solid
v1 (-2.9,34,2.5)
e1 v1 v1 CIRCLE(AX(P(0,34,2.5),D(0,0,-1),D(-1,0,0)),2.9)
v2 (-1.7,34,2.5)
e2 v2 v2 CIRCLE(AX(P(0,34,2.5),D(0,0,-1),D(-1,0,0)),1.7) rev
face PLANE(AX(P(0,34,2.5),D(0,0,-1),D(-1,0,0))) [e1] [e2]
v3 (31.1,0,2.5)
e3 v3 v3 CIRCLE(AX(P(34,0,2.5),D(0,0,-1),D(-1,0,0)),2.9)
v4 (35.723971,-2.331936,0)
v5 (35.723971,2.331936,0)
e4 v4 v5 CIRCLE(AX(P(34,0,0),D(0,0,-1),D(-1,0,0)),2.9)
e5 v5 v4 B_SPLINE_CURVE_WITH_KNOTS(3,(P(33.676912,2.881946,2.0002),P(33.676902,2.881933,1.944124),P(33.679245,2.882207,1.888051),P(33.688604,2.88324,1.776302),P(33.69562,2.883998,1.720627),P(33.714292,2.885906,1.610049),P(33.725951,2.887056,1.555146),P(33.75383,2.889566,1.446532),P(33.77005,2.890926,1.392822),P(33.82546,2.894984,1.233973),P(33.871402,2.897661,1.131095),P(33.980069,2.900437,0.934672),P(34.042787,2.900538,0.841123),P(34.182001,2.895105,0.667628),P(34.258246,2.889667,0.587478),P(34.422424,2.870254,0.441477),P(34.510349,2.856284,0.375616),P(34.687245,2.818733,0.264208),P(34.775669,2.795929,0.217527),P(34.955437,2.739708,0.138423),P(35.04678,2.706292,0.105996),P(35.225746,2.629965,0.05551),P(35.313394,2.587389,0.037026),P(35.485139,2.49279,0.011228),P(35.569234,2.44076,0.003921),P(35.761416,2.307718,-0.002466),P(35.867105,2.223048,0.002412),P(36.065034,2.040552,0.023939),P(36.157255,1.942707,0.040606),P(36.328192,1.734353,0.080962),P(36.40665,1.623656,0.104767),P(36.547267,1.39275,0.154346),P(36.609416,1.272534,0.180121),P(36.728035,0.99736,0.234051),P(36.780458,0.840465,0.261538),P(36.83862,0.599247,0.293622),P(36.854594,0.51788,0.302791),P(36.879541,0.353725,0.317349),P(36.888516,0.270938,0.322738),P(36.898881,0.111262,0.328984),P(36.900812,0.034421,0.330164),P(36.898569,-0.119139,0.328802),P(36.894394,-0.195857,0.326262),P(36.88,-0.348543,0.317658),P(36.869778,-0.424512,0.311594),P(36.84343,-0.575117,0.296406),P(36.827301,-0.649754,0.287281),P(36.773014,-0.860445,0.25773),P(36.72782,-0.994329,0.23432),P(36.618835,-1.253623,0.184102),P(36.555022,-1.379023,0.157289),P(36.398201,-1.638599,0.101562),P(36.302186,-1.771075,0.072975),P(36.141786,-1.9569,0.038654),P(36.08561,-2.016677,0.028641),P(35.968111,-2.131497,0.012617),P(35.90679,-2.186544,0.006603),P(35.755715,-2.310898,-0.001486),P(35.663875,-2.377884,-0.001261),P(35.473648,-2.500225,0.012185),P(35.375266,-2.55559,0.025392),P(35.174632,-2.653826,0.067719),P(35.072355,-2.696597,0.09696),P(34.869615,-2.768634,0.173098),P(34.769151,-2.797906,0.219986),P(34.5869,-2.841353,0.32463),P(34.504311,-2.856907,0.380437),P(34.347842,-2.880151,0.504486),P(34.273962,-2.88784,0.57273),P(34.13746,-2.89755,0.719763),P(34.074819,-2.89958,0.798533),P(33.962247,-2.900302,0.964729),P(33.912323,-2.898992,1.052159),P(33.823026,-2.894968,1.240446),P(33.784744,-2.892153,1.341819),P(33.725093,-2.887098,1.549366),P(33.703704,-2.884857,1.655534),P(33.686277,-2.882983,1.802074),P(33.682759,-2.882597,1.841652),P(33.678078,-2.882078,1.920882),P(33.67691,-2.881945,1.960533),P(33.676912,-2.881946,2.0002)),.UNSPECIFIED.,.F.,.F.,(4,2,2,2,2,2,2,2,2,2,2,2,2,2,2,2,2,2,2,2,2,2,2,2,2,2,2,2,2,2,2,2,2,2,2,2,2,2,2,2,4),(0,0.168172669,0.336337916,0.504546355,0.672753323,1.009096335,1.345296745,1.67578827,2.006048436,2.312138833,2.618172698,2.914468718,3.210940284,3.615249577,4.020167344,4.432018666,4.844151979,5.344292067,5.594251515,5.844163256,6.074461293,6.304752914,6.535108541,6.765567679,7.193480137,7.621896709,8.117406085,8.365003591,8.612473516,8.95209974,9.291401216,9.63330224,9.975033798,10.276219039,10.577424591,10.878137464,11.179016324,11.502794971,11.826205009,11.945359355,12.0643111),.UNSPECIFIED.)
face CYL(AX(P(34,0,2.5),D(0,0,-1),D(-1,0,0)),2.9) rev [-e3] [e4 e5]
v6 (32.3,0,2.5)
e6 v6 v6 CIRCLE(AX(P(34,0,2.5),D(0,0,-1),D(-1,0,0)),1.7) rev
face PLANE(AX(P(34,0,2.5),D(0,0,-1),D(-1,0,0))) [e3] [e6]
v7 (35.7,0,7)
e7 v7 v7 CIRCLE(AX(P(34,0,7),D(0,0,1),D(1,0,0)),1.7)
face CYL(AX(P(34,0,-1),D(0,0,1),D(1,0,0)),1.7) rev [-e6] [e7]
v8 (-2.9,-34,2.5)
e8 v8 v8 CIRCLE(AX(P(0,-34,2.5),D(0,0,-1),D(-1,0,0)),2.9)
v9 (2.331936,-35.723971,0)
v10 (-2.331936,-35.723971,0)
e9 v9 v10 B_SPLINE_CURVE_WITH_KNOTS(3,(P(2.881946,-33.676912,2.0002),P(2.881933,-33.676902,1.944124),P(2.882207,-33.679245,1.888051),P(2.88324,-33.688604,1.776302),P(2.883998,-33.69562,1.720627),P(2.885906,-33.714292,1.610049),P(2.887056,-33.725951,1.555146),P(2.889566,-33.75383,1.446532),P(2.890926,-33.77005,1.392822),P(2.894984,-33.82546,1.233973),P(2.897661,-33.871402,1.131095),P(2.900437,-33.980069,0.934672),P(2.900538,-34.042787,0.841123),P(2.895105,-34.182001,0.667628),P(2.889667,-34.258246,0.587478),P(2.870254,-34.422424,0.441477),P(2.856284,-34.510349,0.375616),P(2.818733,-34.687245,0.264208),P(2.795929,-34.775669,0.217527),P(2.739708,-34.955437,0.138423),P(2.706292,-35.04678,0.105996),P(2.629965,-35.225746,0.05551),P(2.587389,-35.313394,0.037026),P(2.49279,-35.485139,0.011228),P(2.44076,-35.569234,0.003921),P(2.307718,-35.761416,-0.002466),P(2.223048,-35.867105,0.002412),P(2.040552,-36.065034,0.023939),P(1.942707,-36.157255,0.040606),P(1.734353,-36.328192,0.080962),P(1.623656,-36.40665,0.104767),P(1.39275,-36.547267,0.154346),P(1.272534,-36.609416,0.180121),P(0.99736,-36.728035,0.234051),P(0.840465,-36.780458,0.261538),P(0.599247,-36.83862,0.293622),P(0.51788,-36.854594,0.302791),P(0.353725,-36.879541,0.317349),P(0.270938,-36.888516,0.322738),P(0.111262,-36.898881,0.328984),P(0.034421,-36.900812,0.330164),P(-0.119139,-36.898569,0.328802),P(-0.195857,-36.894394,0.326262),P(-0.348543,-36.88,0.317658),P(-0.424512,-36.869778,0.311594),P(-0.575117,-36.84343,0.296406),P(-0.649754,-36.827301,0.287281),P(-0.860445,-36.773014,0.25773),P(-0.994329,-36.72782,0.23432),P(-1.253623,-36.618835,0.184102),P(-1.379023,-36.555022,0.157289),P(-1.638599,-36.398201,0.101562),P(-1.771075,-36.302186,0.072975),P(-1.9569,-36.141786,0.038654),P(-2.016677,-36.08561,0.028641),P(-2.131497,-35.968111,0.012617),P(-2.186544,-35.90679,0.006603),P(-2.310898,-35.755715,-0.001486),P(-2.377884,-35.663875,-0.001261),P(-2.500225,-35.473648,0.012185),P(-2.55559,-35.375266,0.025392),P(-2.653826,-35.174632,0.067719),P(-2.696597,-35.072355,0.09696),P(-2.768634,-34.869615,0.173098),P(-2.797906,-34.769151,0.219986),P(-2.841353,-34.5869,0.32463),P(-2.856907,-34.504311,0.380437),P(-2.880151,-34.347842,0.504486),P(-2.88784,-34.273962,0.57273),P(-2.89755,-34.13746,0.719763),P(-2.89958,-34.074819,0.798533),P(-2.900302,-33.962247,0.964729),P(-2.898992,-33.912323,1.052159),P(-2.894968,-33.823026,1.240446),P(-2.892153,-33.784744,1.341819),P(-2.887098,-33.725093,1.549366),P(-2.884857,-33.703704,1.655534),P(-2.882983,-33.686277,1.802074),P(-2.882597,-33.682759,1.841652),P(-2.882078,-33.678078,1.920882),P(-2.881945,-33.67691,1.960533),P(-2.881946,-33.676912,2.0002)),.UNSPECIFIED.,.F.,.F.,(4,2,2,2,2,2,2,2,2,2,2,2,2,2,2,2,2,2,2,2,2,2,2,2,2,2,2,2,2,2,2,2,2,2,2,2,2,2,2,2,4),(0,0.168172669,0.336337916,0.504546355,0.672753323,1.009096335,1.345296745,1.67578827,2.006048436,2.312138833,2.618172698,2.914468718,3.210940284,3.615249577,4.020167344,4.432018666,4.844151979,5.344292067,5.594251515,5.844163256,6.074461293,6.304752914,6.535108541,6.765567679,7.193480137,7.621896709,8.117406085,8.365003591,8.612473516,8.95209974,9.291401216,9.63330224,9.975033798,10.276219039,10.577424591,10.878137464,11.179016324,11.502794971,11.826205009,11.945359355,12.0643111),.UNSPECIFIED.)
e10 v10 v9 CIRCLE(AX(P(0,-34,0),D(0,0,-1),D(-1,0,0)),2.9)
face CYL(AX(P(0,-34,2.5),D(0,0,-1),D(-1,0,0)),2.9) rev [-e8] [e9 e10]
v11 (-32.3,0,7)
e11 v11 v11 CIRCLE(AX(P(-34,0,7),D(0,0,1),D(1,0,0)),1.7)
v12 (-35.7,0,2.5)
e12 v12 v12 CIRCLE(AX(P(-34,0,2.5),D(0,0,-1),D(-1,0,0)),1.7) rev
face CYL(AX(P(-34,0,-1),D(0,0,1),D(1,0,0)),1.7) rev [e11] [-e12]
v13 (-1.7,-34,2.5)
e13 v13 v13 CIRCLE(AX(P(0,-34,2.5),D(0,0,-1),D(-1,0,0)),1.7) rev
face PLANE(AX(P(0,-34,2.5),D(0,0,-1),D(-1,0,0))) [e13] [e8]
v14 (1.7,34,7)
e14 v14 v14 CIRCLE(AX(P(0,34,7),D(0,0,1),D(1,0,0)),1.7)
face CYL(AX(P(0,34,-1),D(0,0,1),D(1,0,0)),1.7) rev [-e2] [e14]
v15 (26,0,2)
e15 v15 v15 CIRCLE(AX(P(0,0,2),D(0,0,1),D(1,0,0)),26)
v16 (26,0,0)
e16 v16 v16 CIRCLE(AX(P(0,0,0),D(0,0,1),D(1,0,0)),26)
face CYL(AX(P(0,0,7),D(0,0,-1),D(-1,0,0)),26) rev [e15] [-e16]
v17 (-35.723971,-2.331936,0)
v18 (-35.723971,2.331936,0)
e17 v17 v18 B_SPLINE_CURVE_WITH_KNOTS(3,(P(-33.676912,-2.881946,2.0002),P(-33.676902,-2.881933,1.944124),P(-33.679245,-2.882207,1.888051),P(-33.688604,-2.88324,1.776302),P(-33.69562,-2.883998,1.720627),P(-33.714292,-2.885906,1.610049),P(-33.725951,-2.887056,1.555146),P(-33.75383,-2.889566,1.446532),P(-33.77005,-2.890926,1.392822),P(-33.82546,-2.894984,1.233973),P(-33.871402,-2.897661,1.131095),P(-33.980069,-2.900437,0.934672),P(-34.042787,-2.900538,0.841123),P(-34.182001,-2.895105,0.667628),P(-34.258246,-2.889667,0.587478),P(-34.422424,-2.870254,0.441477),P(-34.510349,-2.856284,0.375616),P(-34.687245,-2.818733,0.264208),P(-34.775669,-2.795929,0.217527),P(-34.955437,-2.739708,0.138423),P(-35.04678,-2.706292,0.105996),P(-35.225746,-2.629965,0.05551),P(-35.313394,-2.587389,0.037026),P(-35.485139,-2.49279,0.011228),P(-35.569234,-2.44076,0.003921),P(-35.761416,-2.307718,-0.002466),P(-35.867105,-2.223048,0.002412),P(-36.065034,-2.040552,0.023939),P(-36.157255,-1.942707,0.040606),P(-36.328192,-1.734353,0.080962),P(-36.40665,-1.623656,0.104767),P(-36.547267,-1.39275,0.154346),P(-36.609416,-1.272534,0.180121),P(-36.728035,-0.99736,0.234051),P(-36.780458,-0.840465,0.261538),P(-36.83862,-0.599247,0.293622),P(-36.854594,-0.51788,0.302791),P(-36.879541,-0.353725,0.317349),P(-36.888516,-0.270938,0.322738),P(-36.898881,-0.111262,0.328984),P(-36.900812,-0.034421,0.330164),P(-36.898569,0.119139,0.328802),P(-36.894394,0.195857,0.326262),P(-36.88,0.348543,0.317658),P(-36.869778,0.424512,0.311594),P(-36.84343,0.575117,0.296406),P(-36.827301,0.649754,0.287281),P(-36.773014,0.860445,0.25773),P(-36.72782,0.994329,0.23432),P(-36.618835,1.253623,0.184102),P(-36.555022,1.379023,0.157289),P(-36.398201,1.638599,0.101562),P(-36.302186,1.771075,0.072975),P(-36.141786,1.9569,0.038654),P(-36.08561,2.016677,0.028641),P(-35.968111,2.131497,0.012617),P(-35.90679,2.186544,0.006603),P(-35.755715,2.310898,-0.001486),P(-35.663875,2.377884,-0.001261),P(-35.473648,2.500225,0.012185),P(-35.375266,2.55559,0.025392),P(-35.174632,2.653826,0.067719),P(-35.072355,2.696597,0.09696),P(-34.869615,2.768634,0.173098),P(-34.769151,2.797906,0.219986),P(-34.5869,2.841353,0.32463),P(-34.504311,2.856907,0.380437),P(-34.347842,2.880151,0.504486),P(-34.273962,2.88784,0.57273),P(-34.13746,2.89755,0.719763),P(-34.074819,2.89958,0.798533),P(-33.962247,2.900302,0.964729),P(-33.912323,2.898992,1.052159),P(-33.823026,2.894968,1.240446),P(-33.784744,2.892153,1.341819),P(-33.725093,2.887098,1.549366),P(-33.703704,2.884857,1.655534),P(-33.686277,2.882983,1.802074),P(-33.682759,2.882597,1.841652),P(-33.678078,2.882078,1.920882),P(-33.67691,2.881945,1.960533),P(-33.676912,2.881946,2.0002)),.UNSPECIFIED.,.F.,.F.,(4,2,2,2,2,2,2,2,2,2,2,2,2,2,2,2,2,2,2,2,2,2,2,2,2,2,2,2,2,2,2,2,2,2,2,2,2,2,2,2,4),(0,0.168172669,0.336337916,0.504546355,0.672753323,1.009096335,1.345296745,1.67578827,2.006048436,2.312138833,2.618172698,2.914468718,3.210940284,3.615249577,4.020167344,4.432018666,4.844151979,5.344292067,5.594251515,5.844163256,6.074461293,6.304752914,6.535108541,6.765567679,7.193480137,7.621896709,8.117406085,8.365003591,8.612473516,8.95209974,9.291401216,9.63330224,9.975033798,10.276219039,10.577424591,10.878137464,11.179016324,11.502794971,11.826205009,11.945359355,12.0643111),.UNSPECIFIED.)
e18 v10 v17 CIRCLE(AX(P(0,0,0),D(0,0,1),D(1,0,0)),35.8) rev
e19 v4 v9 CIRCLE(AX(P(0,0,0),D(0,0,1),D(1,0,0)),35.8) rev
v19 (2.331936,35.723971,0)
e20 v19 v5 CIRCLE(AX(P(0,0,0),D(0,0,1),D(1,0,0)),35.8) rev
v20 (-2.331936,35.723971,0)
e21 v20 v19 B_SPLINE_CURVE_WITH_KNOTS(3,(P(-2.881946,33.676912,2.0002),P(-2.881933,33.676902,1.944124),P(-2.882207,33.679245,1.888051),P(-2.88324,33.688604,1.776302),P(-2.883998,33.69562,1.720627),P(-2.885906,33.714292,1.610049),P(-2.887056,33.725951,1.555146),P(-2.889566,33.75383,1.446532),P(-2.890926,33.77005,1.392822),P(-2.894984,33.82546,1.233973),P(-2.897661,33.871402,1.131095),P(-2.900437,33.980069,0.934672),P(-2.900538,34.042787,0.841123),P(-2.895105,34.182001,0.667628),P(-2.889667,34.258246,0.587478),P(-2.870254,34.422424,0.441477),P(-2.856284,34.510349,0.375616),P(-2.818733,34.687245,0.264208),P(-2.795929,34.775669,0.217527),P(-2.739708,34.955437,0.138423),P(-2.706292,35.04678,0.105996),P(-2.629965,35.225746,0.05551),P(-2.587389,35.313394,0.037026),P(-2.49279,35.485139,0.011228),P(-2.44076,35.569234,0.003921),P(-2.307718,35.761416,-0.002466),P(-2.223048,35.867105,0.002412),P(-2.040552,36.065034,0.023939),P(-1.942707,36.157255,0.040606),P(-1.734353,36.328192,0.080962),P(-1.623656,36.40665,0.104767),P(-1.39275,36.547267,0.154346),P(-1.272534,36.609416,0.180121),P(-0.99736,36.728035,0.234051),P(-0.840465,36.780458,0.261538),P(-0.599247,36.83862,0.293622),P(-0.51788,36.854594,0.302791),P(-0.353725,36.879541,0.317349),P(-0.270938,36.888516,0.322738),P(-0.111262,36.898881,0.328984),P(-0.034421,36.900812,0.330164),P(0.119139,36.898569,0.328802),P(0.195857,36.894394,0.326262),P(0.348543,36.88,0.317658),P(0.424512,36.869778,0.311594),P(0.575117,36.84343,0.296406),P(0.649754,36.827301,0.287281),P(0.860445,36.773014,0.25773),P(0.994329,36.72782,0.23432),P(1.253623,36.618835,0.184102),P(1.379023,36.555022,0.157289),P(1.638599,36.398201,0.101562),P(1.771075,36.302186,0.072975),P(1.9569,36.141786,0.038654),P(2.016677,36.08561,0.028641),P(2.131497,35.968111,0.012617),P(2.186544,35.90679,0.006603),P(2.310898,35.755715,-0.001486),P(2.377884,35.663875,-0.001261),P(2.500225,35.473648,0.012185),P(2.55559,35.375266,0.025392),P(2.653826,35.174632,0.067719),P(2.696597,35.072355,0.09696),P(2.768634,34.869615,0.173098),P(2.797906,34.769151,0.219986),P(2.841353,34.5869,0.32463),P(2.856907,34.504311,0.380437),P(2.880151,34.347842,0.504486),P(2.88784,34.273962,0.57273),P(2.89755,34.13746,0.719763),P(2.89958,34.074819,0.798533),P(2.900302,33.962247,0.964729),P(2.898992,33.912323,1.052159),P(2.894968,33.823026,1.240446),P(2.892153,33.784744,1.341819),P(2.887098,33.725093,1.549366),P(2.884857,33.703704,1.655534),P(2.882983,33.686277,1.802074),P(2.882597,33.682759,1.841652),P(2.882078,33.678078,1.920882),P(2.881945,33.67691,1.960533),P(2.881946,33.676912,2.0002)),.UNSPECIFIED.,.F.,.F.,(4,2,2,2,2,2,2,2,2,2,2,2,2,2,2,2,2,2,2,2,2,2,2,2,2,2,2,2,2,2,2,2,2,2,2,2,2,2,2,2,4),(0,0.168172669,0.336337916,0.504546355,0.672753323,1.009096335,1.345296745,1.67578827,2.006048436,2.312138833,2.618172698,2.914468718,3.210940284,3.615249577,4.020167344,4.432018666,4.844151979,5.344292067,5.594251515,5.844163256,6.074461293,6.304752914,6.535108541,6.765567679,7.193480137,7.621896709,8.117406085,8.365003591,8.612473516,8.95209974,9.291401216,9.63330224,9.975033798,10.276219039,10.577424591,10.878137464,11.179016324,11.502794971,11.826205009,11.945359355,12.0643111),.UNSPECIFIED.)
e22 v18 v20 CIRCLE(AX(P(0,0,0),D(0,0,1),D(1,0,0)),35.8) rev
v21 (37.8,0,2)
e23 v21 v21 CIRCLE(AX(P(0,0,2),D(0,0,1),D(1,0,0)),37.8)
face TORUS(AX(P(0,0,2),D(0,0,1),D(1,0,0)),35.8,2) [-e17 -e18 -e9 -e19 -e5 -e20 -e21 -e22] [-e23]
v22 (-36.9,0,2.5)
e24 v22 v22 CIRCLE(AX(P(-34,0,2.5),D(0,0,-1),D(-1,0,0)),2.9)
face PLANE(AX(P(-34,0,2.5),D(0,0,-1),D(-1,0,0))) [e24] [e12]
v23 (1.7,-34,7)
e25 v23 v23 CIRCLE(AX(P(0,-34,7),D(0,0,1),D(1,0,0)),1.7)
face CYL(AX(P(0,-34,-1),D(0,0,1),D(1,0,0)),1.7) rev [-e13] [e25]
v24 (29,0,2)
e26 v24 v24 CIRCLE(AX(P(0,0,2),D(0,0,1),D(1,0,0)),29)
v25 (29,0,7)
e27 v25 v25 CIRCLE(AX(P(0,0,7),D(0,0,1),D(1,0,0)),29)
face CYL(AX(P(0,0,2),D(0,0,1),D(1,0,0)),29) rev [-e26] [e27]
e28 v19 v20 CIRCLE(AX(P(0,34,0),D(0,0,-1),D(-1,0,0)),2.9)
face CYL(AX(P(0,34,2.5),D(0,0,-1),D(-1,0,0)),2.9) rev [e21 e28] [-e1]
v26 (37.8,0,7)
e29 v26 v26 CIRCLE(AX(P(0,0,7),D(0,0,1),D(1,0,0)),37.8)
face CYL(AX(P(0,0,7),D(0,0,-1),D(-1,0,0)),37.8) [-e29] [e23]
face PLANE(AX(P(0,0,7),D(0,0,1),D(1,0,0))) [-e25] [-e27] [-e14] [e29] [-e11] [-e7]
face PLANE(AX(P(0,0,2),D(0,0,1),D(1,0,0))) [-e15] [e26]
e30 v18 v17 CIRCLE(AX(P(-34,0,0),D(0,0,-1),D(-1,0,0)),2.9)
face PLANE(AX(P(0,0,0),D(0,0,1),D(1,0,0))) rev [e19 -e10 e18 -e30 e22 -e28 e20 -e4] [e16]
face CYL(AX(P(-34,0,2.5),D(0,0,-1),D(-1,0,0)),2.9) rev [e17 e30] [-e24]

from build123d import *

# Parameters (mm, degrees)
SKETCH_1_R          = 37.8
SKETCH_1_R_2        = 26
EXTRUDE_1_DEPTH     = 7
SKETCH_2_R          = 29
CUT_EXTRUDE_1_DEPTH = 5
FILLET_1_R          = 2
SKETCH_3_R          = 1.7
CUT_EXTRUDE_2_DEPTH = 8
SKETCH_4_R          = 2.9
CUT_EXTRUDE_3_DEPTH = 2.5


with BuildPart() as part:
    # 草图1 → 凸台-拉伸1 (new body)
    with BuildSketch(Plane.XY):
        Circle(SKETCH_1_R)
        Circle(SKETCH_1_R_2, mode=Mode.SUBTRACT)
    extrude(amount=EXTRUDE_1_DEPTH)

    # 草图2 → 切除-拉伸1 (cut)
    with BuildSketch(Plane.XY.offset(7)):
        Circle(SKETCH_2_R)
    extrude(amount=-CUT_EXTRUDE_1_DEPTH, mode=Mode.SUBTRACT)

    # 圆角1
    fillet_1_edges = [part.edges().sort_by_distance(p)[0] for p in [
        (-37.8, 0, 0),
    ]]
    fillet(fillet_1_edges, radius=FILLET_1_R)

    # 草图3 → 切除-拉伸2 (cut)
    with BuildSketch(Plane.XY.offset(7)):
        with Locations((0, -34)):
            Circle(SKETCH_3_R)
        with Locations((-34, 0)):
            Circle(SKETCH_3_R)
        with Locations((0, 34)):
            Circle(SKETCH_3_R)
        with Locations((34, 0)):
            Circle(SKETCH_3_R)
    extrude(amount=-CUT_EXTRUDE_2_DEPTH, mode=Mode.SUBTRACT)

    # 草图4 → 切除-拉伸3 (cut)
    with BuildSketch(Plane(origin=(0, 0, 0), x_dir=(-1, 0, 0), z_dir=(0, 0, -1))):
        with Locations((-34, 0)):
            Circle(SKETCH_4_R)
        with Locations((0, 34)):
            Circle(SKETCH_4_R)
        with Locations((34, 0)):
            Circle(SKETCH_4_R)
        with Locations((0, -34)):
            Circle(SKETCH_4_R)
    extrude(amount=-CUT_EXTRUDE_3_DEPTH, mode=Mode.SUBTRACT)


solid = part.part
